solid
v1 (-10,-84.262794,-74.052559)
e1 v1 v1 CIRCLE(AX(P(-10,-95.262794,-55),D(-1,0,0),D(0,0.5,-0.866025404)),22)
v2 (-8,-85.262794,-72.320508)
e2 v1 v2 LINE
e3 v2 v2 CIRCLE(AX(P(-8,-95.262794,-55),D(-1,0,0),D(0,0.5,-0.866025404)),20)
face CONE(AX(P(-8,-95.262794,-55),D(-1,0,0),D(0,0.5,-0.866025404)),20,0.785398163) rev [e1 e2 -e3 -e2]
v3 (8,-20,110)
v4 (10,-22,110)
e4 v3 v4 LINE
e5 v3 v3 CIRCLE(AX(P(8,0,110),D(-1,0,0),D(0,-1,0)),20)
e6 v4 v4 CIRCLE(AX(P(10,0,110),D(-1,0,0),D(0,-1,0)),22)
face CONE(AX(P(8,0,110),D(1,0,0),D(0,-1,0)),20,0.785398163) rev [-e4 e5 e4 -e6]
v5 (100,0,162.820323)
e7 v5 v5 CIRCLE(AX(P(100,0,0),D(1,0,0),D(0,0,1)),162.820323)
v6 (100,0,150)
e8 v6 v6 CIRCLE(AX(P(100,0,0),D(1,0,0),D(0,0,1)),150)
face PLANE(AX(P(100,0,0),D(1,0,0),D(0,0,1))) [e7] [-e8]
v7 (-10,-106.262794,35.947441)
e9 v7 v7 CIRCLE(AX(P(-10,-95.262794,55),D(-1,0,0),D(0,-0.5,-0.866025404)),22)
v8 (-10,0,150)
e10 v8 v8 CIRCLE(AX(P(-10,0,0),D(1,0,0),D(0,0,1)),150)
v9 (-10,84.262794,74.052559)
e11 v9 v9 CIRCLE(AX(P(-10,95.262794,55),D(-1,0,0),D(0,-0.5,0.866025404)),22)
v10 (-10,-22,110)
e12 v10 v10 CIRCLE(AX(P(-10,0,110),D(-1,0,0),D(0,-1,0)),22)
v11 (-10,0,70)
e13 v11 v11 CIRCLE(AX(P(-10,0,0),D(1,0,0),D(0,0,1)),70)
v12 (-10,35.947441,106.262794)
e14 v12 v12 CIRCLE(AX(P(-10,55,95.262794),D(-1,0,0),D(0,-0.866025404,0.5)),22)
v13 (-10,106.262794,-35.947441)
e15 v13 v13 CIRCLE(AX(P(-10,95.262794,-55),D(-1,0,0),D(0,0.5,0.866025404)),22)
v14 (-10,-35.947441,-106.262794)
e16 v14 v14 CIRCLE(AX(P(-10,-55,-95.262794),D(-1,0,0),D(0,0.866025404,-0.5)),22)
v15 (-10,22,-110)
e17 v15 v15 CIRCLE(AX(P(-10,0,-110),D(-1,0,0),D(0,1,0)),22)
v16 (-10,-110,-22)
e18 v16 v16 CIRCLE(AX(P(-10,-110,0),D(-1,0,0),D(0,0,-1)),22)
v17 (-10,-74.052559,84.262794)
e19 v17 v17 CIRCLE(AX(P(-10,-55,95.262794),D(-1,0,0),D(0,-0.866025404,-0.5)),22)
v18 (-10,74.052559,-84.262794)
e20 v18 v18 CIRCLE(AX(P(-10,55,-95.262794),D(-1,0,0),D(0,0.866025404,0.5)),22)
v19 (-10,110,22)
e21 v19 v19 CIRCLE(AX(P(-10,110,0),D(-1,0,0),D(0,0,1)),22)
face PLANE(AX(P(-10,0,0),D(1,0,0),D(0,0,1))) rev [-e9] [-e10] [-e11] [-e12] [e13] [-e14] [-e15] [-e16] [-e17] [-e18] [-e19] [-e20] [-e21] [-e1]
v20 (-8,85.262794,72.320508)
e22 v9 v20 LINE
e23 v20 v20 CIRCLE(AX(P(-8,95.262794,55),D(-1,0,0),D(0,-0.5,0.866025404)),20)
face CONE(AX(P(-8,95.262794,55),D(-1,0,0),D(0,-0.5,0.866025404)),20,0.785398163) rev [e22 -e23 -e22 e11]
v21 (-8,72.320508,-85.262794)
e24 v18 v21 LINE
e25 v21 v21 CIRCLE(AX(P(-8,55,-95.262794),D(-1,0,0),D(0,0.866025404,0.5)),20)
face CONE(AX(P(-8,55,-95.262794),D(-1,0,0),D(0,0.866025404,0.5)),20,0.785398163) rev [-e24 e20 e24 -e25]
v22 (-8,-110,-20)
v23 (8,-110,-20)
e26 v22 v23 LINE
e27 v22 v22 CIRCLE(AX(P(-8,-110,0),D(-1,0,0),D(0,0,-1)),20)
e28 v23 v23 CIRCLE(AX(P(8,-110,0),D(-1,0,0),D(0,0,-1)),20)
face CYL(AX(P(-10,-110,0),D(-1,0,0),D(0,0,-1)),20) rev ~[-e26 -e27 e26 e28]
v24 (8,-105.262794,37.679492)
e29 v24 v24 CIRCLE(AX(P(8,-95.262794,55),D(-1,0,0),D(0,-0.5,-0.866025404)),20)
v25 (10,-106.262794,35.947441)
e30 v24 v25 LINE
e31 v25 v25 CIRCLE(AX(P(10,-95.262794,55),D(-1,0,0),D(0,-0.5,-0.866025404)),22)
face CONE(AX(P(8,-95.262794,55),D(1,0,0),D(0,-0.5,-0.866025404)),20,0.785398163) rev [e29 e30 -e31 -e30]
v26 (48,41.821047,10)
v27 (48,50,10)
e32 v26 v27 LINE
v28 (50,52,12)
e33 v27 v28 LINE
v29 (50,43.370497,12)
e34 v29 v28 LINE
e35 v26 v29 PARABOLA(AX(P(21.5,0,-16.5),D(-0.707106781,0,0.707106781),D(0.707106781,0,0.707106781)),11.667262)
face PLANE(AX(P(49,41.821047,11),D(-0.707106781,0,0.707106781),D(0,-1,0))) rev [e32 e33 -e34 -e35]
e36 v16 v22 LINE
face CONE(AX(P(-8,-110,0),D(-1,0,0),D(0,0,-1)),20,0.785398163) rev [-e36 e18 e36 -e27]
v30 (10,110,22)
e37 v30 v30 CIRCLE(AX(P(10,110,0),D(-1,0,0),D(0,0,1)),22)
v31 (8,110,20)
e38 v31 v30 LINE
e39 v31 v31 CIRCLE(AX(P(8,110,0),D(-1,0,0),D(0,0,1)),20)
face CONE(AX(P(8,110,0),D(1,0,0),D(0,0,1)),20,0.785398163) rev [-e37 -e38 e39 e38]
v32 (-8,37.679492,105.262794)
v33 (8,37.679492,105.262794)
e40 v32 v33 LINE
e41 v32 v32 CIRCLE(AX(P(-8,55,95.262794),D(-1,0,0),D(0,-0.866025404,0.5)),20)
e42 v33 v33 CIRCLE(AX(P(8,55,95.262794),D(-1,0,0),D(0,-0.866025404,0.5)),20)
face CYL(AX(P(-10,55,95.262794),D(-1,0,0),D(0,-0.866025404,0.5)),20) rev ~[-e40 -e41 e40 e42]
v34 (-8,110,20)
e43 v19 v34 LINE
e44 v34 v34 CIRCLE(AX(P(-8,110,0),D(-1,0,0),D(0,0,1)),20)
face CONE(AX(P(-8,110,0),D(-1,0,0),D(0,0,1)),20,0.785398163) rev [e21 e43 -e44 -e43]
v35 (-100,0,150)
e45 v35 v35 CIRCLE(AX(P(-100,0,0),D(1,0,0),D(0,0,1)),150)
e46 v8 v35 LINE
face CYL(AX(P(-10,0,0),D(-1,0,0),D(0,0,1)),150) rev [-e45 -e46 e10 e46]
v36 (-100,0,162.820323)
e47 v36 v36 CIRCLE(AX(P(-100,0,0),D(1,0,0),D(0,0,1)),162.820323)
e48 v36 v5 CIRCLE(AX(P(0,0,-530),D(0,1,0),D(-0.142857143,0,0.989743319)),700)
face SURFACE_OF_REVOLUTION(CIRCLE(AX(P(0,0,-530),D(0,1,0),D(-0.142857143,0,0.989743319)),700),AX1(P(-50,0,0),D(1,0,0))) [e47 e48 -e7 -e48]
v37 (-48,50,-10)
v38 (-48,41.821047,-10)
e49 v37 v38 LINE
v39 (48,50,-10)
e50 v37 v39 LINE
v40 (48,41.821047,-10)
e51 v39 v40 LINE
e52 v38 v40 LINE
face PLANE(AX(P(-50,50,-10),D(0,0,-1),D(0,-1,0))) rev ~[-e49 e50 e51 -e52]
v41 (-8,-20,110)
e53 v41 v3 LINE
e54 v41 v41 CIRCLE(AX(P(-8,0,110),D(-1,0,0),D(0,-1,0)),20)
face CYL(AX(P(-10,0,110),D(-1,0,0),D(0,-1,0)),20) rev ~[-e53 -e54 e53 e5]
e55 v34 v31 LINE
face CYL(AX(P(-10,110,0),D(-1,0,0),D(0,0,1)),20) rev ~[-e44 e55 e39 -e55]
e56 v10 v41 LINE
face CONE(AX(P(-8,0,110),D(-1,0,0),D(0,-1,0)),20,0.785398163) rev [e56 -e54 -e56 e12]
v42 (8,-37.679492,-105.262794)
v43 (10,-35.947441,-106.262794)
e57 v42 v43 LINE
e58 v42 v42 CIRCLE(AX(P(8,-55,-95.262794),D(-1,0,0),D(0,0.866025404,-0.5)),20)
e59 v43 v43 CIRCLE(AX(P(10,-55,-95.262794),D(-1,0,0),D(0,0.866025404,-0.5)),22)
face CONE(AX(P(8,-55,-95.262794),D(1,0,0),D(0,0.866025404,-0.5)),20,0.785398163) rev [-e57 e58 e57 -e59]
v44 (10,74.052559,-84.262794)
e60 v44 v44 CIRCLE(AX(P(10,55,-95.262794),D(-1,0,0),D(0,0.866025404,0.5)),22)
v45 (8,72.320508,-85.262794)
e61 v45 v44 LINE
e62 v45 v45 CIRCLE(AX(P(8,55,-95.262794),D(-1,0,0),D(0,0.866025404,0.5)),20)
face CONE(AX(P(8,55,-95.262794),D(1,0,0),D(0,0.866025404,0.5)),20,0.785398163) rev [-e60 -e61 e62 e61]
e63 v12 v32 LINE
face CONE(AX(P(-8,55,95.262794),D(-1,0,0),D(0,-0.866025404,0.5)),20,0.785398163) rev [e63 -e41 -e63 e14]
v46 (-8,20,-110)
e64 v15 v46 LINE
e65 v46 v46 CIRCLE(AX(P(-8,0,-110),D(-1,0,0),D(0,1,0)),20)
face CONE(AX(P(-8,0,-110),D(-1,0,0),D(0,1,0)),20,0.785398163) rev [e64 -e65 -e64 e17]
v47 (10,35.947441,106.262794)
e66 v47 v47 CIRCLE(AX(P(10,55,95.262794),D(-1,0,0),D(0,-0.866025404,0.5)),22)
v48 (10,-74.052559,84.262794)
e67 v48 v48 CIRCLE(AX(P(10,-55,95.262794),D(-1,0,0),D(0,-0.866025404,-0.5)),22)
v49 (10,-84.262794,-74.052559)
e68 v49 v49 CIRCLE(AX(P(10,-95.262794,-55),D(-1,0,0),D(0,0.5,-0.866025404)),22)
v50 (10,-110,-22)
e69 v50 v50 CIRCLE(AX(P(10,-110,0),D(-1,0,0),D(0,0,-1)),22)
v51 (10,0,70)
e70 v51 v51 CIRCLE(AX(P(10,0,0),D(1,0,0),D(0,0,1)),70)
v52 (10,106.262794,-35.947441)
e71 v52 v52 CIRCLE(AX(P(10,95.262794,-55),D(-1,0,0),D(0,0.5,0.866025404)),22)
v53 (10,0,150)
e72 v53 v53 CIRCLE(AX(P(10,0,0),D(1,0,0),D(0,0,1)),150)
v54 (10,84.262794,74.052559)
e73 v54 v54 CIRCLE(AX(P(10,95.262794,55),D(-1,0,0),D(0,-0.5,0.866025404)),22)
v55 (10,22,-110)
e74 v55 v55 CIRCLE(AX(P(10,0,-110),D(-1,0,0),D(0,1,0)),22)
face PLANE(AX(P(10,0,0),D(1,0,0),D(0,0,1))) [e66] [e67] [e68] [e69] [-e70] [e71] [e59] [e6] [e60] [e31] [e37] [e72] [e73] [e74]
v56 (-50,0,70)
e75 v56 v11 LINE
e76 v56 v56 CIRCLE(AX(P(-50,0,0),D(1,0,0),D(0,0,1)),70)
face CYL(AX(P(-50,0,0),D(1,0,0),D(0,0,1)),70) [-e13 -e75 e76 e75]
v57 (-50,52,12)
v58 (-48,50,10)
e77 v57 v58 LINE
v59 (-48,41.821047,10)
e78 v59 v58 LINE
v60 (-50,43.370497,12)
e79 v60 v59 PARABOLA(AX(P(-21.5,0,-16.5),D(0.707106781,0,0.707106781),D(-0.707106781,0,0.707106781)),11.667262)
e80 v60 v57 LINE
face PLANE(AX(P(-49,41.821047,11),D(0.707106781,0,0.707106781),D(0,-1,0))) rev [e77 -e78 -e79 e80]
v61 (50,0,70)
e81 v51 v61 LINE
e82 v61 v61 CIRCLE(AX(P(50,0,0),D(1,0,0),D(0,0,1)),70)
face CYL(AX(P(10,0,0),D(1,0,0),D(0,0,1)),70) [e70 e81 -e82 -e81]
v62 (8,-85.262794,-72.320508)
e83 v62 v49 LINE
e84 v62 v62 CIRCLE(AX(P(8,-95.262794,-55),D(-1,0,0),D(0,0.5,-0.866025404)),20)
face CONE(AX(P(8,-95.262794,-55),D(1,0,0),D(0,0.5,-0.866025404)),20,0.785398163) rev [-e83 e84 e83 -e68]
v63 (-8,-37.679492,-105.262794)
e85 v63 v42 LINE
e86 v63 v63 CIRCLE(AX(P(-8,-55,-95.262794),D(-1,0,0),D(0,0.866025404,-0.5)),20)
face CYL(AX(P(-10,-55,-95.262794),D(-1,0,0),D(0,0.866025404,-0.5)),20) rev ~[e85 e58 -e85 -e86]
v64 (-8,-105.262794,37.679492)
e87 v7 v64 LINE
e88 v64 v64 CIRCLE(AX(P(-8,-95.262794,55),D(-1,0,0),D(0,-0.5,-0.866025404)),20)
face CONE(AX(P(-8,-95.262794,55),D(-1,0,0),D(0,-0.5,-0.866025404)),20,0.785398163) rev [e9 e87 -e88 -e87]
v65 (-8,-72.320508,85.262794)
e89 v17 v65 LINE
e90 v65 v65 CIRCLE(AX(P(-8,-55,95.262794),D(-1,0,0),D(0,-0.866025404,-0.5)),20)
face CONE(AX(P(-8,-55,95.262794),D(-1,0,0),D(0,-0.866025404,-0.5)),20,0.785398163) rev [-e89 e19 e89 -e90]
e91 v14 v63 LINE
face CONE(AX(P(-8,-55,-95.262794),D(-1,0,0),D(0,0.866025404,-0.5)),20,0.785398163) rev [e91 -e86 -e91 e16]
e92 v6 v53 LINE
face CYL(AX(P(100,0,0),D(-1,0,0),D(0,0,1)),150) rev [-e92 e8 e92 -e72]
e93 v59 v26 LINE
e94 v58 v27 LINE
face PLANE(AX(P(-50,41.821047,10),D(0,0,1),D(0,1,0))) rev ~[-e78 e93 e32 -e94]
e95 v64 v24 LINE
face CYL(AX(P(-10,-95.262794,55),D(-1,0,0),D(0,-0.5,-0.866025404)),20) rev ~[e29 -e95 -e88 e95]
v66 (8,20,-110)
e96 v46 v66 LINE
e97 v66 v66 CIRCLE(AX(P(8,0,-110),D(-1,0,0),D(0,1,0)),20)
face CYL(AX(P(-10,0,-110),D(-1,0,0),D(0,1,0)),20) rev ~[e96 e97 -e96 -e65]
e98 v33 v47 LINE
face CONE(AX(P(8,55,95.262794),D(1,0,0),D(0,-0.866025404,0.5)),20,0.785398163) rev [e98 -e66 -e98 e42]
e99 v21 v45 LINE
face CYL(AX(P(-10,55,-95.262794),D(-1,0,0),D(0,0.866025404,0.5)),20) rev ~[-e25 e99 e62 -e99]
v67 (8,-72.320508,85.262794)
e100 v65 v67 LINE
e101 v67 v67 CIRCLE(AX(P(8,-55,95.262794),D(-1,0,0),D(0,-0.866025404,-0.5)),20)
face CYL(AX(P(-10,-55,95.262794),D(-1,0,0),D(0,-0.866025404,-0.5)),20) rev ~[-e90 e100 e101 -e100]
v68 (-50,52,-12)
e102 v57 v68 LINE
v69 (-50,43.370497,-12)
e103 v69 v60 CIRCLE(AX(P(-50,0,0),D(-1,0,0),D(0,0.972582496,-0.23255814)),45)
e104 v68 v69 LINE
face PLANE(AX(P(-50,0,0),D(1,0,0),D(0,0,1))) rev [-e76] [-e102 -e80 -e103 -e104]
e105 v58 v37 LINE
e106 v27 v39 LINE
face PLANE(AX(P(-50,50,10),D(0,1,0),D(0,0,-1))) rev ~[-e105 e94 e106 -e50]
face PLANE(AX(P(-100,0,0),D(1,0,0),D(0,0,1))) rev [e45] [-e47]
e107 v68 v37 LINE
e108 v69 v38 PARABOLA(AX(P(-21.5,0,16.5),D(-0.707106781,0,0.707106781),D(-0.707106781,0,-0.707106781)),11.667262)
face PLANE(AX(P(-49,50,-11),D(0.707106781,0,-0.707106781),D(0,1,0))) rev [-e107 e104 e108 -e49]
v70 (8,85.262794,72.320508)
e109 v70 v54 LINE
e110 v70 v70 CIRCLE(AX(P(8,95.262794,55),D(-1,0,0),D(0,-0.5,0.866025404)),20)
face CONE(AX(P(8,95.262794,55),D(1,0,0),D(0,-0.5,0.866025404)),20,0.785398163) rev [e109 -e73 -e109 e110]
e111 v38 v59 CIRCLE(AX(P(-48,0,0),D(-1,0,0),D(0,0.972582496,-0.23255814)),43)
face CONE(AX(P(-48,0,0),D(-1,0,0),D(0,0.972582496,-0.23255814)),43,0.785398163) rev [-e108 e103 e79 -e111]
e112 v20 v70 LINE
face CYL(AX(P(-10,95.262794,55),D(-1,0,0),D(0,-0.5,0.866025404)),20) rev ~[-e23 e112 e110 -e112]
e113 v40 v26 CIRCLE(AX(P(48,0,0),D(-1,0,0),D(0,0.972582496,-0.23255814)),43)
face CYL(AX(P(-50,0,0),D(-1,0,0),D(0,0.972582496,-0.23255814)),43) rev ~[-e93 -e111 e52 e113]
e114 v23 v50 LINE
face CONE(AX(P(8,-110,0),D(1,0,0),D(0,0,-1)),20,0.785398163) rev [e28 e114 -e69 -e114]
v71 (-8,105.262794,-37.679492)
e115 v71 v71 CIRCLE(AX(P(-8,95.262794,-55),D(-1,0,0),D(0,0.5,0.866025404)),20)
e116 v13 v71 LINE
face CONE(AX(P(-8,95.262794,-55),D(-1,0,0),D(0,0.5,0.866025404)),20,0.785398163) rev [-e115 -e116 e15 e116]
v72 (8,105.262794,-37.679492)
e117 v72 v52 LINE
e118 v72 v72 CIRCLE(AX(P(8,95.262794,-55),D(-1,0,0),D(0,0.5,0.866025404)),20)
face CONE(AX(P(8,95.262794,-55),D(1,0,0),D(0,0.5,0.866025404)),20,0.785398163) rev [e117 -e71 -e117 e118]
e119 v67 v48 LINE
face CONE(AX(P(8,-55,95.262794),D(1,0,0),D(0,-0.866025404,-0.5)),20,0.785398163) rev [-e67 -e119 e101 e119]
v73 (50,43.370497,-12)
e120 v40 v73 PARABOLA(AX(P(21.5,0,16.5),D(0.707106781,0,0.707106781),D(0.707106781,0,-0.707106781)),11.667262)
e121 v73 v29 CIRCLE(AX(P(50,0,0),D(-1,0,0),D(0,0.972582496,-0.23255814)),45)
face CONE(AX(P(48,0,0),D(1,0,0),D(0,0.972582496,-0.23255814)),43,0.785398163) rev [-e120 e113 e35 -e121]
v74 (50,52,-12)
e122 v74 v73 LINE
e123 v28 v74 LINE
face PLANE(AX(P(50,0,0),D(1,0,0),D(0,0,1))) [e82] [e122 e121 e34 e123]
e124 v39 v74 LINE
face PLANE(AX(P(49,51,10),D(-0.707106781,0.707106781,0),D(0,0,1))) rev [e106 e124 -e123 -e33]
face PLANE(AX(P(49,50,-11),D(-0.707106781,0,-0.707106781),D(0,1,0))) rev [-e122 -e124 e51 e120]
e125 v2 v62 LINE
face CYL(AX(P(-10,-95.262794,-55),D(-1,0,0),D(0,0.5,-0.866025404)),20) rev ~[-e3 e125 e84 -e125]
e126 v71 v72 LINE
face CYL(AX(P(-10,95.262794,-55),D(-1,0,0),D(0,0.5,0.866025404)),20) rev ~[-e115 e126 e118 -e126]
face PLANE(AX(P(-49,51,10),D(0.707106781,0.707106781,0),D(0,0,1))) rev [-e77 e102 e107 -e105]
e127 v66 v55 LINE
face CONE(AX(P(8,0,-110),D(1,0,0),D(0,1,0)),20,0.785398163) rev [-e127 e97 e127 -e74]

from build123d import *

# Parameters (mm, degrees)
WYTNIJ_WYCI_GNI_CIE1_REACH       = 285.373
SFAZOWANIE1_SIZE                 = 2
WYTNIJ_WYCI_GNI_CIE2_REACH       = 266.386
SZKIC3_R                         = 20
SFAZOWANIE2_SIZE                 = 2
SZYK_KO_OWY1_COUNT               = 12
SFAZOWANIE2_OF_SZYK_KO_OWY1_SIZE = 2


with BuildPart() as part:
    # Szkic1 → Obrót1 (revolve)
    with BuildSketch(Plane.XY, mode=Mode.PRIVATE) as obr_t1_sk:
        with BuildLine():
            Line((-10, 70), (-10, 150))
            Line((-10, 150), (-100, 150))
            Line((-100, 150), (-100, 162.820323028))
            ThreePointArc((-100, 162.820323028), (0, 170), (100, 162.820323028))
            Line((100, 162.820323028), (100, 150))
            Line((100, 150), (10, 150))
            Line((10, 150), (10, 70))
            Line((10, 70), (50, 70))
            Line((50, 70), (50, 0))
            Line((50, 0), (-50, 0))
            Line((-50, 0), (-50, 70))
            Line((-50, 70), (-10, 70))
        make_face()
    revolve(obr_t1_sk.sketch.rotate(Axis((-50, 0, 0), (1, 0, 0)), 90), axis=Axis((-50, 0, 0), (1, 0, 0)))

    # Szkic2 → Wytnij-wyciągnięcie1 (cut, up to next)
    with BuildSketch(Plane.ZY.offset(50), mode=Mode.PRIVATE) as wytnij_wyci_gni_cie1_sk1:
        with BuildLine():
            Line((-10, 50), (-10, 41.821047333))
            ThreePointArc((-10, 41.821047333), (0, -43), (10, 41.821047333))
            Line((10, 41.821047333), (10, 50))
            Line((10, 50), (-10, 50))
        make_face()
    wytnij_wyci_gni_cie1_tool1 = extrude(wytnij_wyci_gni_cie1_sk1.sketch, amount=-WYTNIJ_WYCI_GNI_CIE1_REACH, mode=Mode.PRIVATE) & part.part
    add(wytnij_wyci_gni_cie1_tool1.solids().sort_by_distance((-50, 1.148862, 0))[0], mode=Mode.SUBTRACT)

    # Sfazowanie1
    sfazowanie1_edges = [part.edges().sort_by_distance(p)[0] for p in [
        (50, 50, 0),
        (-50, 50, 0),
        (50, 45.910523666, 10),
        (-50, 45.910523666, 10),
        (-50, 45.910523666, -10),
        (-50, -43, 0),
        (50, -43, 0),
        (50, 45.910523666, -10),
    ]]
    chamfer(sfazowanie1_edges, length=SFAZOWANIE1_SIZE)

    # Szkic3 → Wytnij-wyciągnięcie2 (cut, up to next)
    with BuildSketch(Plane.ZY.offset(10), mode=Mode.PRIVATE) as wytnij_wyci_gni_cie2_sk1:
        with Locations((0, 110)):
            Circle(SZKIC3_R)
    wytnij_wyci_gni_cie2_tool1 = extrude(wytnij_wyci_gni_cie2_sk1.sketch, amount=-WYTNIJ_WYCI_GNI_CIE2_REACH, mode=Mode.PRIVATE) & part.part
    wytnij_wyci_gni_cie2 = wytnij_wyci_gni_cie2_tool1.solids().sort_by_distance((-10, 110, 0))[0]
    add(wytnij_wyci_gni_cie2, mode=Mode.SUBTRACT)

    # Sfazowanie2
    sfazowanie2_edges = [part.edges().sort_by_distance(p)[0] for p in [
        (-10, 110, -20),
        (10, 110, -20),
    ]]
    chamfer(sfazowanie2_edges, length=SFAZOWANIE2_SIZE)

    # Szyk kołowy1: Wytnij-wyciągnięcie2 ×12 about axis
    szyk_ko_owy1_axis = Axis((0, 0, 0), (1, 0, 0))
    for i in range(1, SZYK_KO_OWY1_COUNT):
        add(wytnij_wyci_gni_cie2.rotate(szyk_ko_owy1_axis, i * 360 / SZYK_KO_OWY1_COUNT), mode=Mode.SUBTRACT)

    # Sfazowanie2 of Szyk kołowy1
    sfazowanie2_of_szyk_ko_owy1_edges = [part.edges().sort_by_distance(p)[0] for p in [
        (-10, 105.262794416, 37.679491924),
        (10, 105.262794416, 37.679491924),
        (-10, 72.320508076, 85.262794416),
        (10, 72.320508076, 85.262794416),
        (-10, 20, 110),
        (10, 20, 110),
        (-10, -37.679491924, 105.262794416),
        (10, -37.679491924, 105.262794416),
        (-10, -85.262794416, 72.320508076),
        (10, -85.262794416, 72.320508076),
        (-10, -110, 20),
        (10, -110, 20),
        (-10, -105.262794416, -37.679491924),
        (10, -105.262794416, -37.679491924),
        (-10, -72.320508076, -85.262794416),
        (10, -72.320508076, -85.262794416),
        (-10, -20, -110),
        (10, -20, -110),
        (-10, 37.679491924, -105.262794416),
        (10, 37.679491924, -105.262794416),
        (-10, 85.262794416, -72.320508076),
        (10, 85.262794416, -72.320508076),
    ]]
    chamfer(sfazowanie2_of_szyk_ko_owy1_edges, length=SFAZOWANIE2_OF_SZYK_KO_OWY1_SIZE)


solid = part.part
